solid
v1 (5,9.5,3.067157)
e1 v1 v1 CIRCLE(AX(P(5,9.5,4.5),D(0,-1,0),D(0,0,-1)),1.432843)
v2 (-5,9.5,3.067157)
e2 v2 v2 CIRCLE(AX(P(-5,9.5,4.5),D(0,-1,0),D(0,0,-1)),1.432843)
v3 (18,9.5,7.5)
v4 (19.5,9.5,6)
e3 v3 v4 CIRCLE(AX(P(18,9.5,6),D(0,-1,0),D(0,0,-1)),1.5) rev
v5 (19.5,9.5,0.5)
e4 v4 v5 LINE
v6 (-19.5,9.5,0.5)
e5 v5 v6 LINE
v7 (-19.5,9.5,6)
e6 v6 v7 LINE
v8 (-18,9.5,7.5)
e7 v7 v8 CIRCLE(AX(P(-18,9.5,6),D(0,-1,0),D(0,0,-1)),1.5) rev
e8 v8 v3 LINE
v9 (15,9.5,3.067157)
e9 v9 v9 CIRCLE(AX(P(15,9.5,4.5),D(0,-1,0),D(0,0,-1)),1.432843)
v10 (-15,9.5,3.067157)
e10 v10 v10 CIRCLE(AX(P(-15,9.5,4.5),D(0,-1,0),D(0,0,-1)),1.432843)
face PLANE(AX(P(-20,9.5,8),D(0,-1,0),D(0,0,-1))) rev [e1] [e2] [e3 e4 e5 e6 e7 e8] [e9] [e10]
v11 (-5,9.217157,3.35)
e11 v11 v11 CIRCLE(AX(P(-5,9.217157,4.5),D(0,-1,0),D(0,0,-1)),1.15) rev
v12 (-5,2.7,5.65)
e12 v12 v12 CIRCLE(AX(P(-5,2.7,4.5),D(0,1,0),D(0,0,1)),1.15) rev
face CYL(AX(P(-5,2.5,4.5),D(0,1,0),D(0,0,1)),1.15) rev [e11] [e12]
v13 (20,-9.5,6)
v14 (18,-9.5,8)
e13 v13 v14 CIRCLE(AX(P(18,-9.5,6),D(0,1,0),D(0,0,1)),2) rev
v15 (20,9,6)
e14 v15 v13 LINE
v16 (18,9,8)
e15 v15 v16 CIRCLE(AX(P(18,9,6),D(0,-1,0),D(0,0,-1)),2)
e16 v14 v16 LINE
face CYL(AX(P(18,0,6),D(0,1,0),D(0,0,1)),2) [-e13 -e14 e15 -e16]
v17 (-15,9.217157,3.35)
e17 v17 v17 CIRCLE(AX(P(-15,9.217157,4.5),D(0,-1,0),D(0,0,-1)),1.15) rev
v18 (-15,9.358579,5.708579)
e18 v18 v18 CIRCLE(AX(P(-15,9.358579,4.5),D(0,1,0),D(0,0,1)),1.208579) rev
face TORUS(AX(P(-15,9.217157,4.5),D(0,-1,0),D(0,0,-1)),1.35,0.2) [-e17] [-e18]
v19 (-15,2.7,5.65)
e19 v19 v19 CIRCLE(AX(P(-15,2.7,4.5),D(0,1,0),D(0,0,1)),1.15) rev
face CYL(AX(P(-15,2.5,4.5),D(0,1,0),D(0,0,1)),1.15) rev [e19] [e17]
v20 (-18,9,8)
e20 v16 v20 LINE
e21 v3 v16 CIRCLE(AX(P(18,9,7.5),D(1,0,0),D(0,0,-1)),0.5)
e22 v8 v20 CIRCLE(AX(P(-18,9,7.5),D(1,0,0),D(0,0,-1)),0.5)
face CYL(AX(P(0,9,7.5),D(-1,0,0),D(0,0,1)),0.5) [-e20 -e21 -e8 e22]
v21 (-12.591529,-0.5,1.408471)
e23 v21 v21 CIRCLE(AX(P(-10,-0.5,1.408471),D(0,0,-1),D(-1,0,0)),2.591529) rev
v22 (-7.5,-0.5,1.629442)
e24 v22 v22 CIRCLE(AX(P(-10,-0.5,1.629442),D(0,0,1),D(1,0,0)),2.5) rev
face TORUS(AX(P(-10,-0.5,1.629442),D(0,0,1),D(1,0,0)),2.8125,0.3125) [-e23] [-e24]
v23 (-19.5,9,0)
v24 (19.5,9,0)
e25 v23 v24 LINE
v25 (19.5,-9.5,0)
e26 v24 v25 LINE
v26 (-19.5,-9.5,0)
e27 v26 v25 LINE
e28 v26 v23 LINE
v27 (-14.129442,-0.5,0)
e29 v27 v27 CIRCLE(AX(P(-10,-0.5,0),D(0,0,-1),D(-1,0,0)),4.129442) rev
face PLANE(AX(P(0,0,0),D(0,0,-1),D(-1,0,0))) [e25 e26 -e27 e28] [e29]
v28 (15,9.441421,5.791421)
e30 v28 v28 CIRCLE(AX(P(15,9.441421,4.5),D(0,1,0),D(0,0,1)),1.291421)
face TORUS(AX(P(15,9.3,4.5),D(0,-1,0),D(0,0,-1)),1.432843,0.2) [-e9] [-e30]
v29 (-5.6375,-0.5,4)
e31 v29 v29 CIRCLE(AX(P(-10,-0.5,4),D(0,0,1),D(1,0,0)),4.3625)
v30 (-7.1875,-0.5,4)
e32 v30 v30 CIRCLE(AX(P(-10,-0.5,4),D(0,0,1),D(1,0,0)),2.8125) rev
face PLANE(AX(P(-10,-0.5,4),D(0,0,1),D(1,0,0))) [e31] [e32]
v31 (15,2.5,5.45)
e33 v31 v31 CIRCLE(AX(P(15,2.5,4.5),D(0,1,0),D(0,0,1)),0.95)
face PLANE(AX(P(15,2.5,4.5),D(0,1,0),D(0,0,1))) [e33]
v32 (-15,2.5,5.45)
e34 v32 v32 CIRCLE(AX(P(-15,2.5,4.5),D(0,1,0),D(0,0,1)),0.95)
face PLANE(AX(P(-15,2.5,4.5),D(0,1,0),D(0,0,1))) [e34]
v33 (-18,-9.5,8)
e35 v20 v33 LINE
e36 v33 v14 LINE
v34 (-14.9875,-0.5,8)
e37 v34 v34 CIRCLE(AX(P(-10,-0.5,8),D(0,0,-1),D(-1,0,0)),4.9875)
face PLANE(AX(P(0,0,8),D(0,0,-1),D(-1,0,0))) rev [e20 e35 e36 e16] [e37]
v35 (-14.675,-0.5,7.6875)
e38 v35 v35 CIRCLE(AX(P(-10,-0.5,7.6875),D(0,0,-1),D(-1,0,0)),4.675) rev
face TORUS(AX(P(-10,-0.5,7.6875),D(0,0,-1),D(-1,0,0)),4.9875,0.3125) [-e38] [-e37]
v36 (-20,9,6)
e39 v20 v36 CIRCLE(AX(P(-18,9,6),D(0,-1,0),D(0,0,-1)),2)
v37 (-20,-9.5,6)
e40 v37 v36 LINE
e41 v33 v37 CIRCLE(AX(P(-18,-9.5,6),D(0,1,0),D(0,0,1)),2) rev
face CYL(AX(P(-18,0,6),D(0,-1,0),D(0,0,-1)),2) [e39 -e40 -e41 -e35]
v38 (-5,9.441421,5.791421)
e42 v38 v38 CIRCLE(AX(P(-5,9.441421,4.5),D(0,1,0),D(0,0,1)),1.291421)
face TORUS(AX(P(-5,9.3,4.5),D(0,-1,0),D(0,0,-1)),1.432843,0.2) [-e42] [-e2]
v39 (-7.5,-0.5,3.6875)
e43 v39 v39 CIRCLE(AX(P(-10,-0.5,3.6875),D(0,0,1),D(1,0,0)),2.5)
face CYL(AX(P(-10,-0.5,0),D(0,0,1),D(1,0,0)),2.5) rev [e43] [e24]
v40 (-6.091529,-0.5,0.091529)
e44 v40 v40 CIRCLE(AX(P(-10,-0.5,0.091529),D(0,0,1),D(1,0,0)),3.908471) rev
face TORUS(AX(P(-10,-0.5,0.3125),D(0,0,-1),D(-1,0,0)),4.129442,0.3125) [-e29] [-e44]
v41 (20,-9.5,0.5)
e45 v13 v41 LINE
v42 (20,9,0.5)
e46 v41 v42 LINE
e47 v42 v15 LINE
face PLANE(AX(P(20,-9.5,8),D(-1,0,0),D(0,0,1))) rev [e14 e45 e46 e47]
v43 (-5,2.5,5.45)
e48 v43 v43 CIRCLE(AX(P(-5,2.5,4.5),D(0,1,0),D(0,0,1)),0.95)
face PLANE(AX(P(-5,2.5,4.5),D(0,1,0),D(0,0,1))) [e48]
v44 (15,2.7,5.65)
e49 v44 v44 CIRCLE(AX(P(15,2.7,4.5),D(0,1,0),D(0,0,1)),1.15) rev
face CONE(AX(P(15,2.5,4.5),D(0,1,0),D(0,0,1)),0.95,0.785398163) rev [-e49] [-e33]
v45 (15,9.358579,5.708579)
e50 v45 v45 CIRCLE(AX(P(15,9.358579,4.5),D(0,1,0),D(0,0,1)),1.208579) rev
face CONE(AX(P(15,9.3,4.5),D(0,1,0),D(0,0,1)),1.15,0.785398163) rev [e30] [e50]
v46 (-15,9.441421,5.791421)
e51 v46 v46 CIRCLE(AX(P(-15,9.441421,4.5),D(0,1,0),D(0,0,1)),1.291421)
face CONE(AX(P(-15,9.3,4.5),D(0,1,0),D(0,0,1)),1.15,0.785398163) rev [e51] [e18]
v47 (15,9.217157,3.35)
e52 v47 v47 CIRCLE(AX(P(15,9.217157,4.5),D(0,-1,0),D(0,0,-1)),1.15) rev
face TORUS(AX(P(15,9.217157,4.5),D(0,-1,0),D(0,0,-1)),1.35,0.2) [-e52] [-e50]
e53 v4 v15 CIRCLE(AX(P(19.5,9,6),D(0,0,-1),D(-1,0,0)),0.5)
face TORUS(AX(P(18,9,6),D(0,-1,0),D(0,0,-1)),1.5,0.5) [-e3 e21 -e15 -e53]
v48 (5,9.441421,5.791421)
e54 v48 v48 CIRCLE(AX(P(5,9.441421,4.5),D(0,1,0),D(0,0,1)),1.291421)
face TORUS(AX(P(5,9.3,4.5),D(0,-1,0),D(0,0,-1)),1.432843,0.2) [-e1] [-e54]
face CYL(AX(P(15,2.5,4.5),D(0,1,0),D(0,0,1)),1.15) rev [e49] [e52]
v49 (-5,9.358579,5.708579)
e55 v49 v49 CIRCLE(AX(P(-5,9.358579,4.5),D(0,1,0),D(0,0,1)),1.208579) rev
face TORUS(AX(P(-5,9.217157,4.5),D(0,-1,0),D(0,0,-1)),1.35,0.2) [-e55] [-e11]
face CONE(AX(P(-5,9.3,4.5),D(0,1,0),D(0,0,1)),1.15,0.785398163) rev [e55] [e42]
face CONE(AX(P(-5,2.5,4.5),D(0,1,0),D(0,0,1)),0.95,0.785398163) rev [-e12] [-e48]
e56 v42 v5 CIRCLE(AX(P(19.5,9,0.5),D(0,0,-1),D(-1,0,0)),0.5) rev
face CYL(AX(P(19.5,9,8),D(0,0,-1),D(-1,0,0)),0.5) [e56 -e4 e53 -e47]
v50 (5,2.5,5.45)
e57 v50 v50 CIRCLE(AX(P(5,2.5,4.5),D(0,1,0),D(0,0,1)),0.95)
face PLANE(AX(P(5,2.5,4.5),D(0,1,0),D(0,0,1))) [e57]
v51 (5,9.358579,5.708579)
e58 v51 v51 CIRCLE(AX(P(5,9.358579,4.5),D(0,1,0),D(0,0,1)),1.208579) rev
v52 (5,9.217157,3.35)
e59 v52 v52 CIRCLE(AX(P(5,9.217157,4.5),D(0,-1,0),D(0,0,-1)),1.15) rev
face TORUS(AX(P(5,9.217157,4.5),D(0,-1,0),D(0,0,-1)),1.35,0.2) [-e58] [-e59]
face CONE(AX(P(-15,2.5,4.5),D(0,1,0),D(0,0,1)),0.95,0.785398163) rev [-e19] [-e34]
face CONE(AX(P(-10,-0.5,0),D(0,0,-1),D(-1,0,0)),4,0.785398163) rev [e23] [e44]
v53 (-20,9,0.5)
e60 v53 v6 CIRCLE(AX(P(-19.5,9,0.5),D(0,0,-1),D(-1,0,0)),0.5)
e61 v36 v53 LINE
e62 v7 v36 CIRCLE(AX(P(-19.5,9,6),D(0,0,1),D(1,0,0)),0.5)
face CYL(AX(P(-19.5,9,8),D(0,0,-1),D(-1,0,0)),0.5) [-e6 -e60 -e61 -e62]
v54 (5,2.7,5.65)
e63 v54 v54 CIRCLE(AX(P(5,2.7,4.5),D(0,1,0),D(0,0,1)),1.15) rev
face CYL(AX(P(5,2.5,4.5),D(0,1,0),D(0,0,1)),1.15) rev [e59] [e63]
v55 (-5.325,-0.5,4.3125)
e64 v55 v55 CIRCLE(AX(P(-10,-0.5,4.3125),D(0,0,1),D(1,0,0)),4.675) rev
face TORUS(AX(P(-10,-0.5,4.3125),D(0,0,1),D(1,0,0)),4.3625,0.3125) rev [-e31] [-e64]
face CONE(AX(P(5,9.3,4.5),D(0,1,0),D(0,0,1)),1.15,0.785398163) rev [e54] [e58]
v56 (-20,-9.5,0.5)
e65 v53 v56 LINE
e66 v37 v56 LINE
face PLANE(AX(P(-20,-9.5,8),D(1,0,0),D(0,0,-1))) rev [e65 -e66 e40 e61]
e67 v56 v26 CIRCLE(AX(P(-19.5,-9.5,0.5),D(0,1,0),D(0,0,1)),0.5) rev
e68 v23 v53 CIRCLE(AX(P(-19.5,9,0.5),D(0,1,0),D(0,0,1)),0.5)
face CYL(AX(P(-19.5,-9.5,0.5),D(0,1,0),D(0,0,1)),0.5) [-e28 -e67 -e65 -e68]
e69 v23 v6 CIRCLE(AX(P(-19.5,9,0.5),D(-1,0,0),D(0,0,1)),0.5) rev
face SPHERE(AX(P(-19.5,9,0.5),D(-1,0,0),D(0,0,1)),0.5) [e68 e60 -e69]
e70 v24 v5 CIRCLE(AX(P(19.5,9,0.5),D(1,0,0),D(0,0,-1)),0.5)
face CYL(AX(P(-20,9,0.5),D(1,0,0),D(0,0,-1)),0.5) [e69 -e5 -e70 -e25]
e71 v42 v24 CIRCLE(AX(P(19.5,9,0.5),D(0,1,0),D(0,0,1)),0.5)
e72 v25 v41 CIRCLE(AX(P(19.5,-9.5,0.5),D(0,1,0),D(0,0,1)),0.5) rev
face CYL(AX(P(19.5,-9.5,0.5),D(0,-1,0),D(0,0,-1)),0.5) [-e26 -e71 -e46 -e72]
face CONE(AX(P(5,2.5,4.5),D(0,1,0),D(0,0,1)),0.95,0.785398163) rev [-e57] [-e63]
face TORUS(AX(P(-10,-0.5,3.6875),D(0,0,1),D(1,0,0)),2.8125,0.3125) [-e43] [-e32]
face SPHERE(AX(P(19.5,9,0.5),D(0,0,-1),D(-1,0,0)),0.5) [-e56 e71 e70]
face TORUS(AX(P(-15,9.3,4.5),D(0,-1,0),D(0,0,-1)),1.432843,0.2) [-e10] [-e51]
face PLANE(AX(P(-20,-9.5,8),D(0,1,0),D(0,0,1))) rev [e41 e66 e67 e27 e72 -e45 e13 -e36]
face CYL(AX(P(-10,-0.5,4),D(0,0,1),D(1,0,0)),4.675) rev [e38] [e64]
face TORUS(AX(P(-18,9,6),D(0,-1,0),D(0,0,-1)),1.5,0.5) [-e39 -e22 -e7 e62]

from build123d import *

# Parameters (mm, degrees)
SKETCH2_W           = 40
SKETCH2_H           = 19
BOSS_EXTRUDE1_DEPTH = 8
FILLET1_R           = 2
SKETCH5_R           = 1.15
CUT_EXTRUDE3_DEPTH  = 7
CHAMFER1_SIZE       = 0.2
FILLET3_R           = 0.2
FILLET2_R           = 0.5
SKETCH3_R           = 4.675
CUT_EXTRUDE1_DEPTH  = 4
SKETCH4_R           = 2.5
CUT_EXTRUDE2_DEPTH  = 4
CHAMFER2_SIZE       = 1.5
FILLET4_R           = 0.3125


with BuildPart() as part:
    # Sketch2 → Boss-Extrude1 (new body)
    with BuildSketch(Plane.XY):
        Rectangle(SKETCH2_W, SKETCH2_H)
    extrude(amount=BOSS_EXTRUDE1_DEPTH)

    # Fillet1
    fillet1_edges = [part.edges().sort_by_distance(p)[0] for p in [
        (-20, 0, 8),
        (20, 0, 8),
    ]]
    fillet(fillet1_edges, radius=FILLET1_R)

    # Sketch5 → Cut-Extrude3 (cut)
    with BuildSketch(Plane(origin=(0, 9.5, 0), x_dir=(1, 0, 0), z_dir=(0, 1, 0))):
        with Locations(Location((-15, -4.5, 0), (0, 0, 270))):
            Circle(SKETCH5_R)
        with Locations(Location((-5, -4.5, 0), (0, 0, 270))):
            Circle(SKETCH5_R)
        with Locations(Location((5, -4.5, 0), (0, 0, 270))):
            Circle(SKETCH5_R)
        with Locations(Location((15, -4.5, 0), (0, 0, 270))):
            Circle(SKETCH5_R)
    extrude(amount=-CUT_EXTRUDE3_DEPTH, mode=Mode.SUBTRACT)

    # Chamfer1
    chamfer1_edges = [part.edges().sort_by_distance(p)[0] for p in [
        (-15, 2.5, 3.35),
        (-15, 9.5, 3.35),
        (-5, 2.5, 3.35),
        (-5, 9.5, 3.35),
        (5, 2.5, 3.35),
        (5, 9.5, 3.35),
        (15, 2.5, 3.35),
        (15, 9.5, 3.35),
    ]]
    chamfer(chamfer1_edges, length=CHAMFER1_SIZE)

    # Fillet3
    fillet3_edges = [part.edges().sort_by_distance(p)[0] for p in [
        (15, 9.3, 3.35),
        (-15, 9.5, 3.15),
        (-5, 9.5, 3.15),
        (5, 9.5, 3.15),
        (15, 9.5, 3.15),
        (5, 9.3, 3.35),
        (-5, 9.3, 3.35),
        (-15, 9.3, 3.35),
    ]]
    fillet(fillet3_edges, radius=FILLET3_R)

    # Fillet2
    fillet2_edges = [part.edges().sort_by_distance(p)[0] for p in [
        (0, 9.5, 8),
        (-20, 9.5, 3),
        (20, 9.5, 3),
        (-19.414213562, 9.5, 7.414213562),
        (19.414213562, 9.5, 7.414213562),
        (-20, 0, 0),
        (0, 9.5, 0),
        (20, 0, 0),
    ]]
    fillet(fillet2_edges, radius=FILLET2_R)

    # Sketch3 → Cut-Extrude1 (cut)
    with BuildSketch(Plane.XY.offset(8)):
        with Locations((-10, -0.5)):
            Circle(SKETCH3_R)
    extrude(amount=-CUT_EXTRUDE1_DEPTH, mode=Mode.SUBTRACT)

    # Sketch4 → Cut-Extrude2 (cut)
    with BuildSketch(Plane.XY.offset(4)):
        with Locations((-10, -0.5)):
            Circle(SKETCH4_R)
    extrude(amount=-CUT_EXTRUDE2_DEPTH, mode=Mode.SUBTRACT)

    # Chamfer2
    chamfer2_edges = [part.edges().sort_by_distance(p)[0] for p in [
        (-12.5, -0.5, 0),
    ]]
    chamfer(chamfer2_edges, length=CHAMFER2_SIZE)

    # Fillet4
    fillet4_edges = [part.edges().sort_by_distance(p)[0] for p in [
        (-14.675, -0.5, 4),
        (-14.675, -0.5, 8),
        (-12.5, -0.5, 4),
        (-14, -0.5, 0),
        (-12.5, -0.5, 1.5),
    ]]
    fillet(fillet4_edges, radius=FILLET4_R)


solid = part.part
